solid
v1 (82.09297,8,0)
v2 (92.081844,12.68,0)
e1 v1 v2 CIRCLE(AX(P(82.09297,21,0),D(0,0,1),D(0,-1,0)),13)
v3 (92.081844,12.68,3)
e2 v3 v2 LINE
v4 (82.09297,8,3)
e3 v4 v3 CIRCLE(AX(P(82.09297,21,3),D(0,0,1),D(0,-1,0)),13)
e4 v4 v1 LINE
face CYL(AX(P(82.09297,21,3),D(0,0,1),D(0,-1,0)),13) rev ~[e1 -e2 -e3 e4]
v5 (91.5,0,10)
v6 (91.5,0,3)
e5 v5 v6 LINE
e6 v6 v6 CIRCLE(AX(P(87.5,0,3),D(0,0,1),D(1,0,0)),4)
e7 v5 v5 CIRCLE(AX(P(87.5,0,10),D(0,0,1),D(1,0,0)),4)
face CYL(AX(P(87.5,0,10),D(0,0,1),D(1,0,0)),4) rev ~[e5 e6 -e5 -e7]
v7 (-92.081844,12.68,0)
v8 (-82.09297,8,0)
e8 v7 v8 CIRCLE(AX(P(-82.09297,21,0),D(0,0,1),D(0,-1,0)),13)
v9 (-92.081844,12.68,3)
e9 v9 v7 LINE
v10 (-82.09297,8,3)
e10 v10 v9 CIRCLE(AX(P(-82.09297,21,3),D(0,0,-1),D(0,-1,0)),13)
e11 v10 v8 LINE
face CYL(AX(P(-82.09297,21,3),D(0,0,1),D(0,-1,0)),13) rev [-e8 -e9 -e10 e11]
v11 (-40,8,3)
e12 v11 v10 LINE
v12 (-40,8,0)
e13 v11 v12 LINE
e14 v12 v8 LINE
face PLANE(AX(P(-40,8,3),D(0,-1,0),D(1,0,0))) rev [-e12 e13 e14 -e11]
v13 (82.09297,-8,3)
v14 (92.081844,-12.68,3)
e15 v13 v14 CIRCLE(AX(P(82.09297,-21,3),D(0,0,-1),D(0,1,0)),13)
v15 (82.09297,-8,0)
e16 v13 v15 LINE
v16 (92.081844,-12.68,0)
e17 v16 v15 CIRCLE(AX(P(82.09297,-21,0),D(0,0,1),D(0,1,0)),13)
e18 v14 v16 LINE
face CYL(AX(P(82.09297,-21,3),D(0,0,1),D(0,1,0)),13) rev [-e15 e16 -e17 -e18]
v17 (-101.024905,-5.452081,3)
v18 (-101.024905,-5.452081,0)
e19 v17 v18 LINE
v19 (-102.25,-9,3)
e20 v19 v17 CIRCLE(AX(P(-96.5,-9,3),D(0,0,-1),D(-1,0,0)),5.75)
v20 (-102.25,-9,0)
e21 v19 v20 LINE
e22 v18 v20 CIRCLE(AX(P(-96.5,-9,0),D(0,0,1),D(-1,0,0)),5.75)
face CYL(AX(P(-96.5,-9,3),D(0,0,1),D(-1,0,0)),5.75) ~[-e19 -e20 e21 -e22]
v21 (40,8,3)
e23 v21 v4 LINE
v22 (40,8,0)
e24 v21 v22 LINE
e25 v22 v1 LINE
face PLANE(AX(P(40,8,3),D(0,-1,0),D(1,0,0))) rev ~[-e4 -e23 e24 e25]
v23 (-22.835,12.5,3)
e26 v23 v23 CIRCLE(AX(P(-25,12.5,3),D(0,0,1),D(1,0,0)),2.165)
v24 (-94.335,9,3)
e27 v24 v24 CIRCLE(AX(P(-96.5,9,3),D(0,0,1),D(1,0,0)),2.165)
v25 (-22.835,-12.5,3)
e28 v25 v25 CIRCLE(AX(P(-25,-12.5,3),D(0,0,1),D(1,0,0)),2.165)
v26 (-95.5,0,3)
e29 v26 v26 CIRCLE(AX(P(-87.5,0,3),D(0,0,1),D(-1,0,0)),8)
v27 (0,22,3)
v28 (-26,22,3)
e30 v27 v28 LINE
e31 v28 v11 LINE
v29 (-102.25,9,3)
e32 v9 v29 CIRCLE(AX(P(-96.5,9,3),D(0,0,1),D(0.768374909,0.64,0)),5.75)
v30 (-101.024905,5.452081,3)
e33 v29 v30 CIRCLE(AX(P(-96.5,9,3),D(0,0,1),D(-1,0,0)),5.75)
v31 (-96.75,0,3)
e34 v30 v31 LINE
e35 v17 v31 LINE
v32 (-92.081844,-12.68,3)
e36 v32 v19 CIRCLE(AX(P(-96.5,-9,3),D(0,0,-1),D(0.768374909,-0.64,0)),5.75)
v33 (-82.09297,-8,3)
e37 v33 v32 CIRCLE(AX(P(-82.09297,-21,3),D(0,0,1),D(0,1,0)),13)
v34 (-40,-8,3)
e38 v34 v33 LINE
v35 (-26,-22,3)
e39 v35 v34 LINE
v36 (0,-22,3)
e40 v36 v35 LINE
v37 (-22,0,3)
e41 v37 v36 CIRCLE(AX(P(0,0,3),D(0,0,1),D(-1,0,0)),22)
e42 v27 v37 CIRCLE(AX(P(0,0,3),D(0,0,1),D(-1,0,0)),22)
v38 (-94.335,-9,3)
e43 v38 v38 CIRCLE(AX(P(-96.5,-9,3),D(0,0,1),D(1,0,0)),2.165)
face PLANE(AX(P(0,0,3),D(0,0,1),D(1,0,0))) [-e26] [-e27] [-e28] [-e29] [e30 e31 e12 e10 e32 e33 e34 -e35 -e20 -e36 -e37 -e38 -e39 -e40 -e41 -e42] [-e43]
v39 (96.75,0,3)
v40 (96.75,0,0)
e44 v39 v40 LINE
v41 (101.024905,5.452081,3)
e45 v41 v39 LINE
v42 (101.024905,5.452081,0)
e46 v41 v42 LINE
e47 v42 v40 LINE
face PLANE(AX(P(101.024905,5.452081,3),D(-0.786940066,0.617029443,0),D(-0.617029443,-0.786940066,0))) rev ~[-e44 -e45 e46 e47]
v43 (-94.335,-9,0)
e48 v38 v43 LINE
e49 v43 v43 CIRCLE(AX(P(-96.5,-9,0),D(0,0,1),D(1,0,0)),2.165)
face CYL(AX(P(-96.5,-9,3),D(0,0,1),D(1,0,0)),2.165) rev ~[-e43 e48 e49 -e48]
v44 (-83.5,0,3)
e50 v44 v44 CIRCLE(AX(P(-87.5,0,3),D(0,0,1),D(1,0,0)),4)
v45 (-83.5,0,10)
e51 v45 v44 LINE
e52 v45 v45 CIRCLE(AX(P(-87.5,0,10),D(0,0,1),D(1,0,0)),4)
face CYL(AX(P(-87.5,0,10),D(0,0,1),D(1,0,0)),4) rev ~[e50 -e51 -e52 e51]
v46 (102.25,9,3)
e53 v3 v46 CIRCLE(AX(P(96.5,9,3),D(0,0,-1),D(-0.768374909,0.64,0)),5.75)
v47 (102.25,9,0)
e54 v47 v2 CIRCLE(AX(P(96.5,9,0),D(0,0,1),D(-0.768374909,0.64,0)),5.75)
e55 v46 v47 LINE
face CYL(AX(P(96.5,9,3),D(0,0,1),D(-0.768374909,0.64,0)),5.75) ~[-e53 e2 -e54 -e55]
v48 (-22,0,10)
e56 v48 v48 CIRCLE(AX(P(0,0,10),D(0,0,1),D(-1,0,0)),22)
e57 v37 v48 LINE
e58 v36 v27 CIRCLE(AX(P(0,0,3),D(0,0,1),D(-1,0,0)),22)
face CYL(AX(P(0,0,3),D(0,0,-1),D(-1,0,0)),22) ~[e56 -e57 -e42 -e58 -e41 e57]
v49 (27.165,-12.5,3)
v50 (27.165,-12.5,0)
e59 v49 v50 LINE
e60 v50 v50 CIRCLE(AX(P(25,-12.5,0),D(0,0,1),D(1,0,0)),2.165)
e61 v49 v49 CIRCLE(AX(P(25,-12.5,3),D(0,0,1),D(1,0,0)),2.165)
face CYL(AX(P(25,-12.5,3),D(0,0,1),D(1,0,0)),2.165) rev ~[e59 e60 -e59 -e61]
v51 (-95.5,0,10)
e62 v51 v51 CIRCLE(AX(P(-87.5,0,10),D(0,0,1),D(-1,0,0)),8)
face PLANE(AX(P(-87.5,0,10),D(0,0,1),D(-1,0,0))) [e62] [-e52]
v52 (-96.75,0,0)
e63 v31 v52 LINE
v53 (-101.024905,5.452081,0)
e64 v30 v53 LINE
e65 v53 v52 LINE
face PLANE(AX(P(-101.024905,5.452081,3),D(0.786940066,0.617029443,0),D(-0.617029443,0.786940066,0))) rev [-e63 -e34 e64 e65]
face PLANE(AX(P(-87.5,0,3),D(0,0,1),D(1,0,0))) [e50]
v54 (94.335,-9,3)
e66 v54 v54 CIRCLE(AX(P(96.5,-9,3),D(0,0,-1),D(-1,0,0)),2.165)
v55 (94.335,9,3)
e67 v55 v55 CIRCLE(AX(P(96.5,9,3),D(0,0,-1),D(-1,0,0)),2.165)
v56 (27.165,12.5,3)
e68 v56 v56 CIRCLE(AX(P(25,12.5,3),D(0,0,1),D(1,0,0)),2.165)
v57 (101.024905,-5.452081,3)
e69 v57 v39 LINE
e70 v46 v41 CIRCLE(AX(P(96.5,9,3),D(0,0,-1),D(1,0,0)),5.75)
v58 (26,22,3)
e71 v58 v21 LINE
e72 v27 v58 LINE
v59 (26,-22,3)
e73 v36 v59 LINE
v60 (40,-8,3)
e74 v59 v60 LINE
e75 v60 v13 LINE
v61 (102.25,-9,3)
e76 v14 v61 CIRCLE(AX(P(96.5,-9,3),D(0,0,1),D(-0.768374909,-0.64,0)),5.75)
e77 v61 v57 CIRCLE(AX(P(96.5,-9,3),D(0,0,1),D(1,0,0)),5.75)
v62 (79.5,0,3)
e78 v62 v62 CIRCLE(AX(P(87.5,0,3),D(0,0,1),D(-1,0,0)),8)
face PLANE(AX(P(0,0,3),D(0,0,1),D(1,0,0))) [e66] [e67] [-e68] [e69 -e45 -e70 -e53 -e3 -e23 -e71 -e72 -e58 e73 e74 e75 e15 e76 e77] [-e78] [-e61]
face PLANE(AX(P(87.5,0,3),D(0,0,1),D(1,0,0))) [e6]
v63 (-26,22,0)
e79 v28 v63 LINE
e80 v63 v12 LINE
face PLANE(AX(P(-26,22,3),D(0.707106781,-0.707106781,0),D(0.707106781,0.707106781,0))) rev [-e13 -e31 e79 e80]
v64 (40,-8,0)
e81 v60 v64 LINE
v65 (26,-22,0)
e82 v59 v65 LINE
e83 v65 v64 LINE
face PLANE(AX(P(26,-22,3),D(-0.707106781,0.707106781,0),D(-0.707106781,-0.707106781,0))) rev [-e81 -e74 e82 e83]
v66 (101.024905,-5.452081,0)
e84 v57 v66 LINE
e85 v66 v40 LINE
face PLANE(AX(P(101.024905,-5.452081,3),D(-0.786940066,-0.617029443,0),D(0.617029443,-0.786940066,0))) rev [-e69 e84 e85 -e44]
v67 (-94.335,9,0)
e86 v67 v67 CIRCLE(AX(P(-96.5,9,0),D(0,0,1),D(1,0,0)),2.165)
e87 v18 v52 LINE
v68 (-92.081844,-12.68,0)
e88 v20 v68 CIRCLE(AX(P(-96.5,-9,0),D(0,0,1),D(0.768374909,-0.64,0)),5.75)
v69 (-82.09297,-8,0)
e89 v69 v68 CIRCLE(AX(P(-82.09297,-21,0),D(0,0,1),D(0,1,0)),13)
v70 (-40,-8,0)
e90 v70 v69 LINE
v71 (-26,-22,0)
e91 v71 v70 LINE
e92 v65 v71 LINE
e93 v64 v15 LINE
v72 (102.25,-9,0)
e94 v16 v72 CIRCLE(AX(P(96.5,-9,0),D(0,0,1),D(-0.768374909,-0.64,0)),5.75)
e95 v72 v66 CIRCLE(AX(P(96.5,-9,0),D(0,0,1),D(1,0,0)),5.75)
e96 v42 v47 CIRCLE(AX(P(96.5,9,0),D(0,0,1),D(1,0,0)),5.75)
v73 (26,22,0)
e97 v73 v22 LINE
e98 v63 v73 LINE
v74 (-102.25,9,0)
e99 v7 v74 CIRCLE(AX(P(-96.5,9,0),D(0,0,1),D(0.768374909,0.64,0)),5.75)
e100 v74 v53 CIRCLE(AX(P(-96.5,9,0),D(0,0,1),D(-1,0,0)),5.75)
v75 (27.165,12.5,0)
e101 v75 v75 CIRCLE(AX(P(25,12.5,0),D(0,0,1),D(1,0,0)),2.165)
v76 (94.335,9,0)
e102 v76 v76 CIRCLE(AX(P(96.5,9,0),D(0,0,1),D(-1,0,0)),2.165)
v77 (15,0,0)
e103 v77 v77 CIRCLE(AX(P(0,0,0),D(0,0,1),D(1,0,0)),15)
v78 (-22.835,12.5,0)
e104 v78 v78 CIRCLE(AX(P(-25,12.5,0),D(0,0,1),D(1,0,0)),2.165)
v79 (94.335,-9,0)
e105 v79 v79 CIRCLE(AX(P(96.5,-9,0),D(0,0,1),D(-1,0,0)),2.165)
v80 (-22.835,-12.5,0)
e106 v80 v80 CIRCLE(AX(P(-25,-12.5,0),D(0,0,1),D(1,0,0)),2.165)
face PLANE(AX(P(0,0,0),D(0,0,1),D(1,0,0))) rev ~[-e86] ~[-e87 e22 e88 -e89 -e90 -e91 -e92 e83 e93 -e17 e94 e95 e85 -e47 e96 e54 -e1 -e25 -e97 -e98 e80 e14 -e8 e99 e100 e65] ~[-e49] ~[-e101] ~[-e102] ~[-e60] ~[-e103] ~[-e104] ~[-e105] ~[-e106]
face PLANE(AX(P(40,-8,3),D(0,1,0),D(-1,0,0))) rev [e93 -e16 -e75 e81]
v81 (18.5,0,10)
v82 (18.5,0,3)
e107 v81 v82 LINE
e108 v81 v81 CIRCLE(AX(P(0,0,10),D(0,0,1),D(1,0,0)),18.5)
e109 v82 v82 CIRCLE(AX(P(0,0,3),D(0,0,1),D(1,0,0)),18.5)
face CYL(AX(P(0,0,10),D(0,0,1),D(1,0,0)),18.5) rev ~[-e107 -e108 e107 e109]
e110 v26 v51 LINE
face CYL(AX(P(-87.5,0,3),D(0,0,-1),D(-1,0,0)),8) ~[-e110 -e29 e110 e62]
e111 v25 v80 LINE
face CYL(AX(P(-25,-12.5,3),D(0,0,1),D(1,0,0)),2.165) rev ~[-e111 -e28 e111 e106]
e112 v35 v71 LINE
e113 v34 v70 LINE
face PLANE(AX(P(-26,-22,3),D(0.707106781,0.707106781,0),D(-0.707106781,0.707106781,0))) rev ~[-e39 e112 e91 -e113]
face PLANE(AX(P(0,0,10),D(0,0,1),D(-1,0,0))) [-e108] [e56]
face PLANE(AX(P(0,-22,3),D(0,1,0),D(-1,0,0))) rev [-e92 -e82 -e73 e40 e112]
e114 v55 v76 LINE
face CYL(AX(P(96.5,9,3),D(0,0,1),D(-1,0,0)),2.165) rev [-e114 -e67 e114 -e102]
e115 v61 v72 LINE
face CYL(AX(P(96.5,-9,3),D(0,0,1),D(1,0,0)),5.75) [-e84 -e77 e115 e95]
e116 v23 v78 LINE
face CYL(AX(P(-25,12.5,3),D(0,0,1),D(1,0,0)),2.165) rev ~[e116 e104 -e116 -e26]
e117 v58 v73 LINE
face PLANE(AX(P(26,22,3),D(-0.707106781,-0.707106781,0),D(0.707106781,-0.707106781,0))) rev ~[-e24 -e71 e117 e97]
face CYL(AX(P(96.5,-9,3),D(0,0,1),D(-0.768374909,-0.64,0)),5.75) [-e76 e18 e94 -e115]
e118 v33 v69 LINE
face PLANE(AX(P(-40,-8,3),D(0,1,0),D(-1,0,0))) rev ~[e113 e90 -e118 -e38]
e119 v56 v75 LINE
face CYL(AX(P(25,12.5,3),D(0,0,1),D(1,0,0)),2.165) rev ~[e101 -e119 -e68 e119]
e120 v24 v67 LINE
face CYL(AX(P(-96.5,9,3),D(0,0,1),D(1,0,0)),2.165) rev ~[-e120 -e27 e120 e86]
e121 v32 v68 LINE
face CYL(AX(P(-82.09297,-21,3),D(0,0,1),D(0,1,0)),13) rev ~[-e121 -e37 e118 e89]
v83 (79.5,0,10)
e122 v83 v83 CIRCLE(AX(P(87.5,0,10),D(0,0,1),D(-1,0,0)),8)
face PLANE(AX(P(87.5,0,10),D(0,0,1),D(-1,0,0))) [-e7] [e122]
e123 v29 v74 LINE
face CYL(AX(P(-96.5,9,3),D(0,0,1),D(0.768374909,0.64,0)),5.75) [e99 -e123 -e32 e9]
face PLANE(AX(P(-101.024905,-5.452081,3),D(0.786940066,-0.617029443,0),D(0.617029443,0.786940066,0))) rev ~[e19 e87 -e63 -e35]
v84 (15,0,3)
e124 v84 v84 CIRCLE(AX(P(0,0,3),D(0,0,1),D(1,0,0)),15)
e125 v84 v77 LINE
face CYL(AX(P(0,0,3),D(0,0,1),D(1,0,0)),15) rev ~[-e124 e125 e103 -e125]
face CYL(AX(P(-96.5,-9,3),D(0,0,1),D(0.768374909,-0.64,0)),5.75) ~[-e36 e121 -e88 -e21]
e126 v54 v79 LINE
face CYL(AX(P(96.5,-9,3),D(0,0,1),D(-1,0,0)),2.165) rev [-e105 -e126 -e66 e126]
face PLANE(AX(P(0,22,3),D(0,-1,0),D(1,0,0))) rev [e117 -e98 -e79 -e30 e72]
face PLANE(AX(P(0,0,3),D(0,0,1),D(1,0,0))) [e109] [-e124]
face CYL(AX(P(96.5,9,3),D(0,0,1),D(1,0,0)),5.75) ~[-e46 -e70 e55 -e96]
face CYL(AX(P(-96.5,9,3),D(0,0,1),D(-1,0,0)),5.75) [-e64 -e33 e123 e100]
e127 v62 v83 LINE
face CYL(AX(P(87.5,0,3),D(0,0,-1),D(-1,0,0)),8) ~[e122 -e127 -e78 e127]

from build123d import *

# Parameters (mm, degrees)
SKETCH1_W               = 204.5
SKETCH1_H               = 62.5
BOSS_EXTRUDE1_DEPTH     = 3
SKETCH2_R               = 8
BOSS_EXTRUDE2_DEPTH     = 7
SKETCH3_R               = 22
BOSS_EXTRUDE3_DEPTH     = 7
SKETCH4_R               = 2.165
CUT_EXTRUDE1_DEPTH      = 108.147678463
CUT_EXTRUDE3_DEPTH      = 7
MIRROR2_COPY_1_SKETCH_R = 2.165
MIRROR2_COPY_1_DEPTH    = 108.147678463
MIRROR2_COPY_2_DEPTH    = 7
MIRROR2_COPY_3_SKETCH_R = 2.165
MIRROR2_COPY_3_DEPTH    = 108.147678463
SKETCH7_R               = 18.5
CUT_EXTRUDE4_DEPTH      = 7
SKETCH11_R              = 4
CUT_EXTRUDE7_DEPTH      = 7
SKETCH12_R              = 15
CUT_EXTRUDE8_DEPTH      = 105.82395957
SKETCH13_R              = 2.165
CUT_EXTRUDE9_DEPTH      = 105.82395957


with BuildPart() as part:
    # Sketch1 → Boss-Extrude1 (new body)
    with BuildSketch(Plane.XY):
        Rectangle(SKETCH1_W, SKETCH1_H)
    extrude(amount=BOSS_EXTRUDE1_DEPTH)

    # Sketch2 → Boss-Extrude2 (add)
    with BuildSketch(Plane.XY.offset(3)):
        with Locations(Location((-87.5, 0, 0), (0, 0, 180))):
            Circle(SKETCH2_R)
        with Locations(Location((87.5, 0, 0), (0, 0, 180))):
            Circle(SKETCH2_R)
    extrude(amount=BOSS_EXTRUDE2_DEPTH)

    # Sketch3 → Boss-Extrude3 (add)
    with BuildSketch(Plane.XY.offset(3)):
        with Locations(Location((0, 0, 0), (0, 0, 180))):
            Circle(SKETCH3_R)
    extrude(amount=BOSS_EXTRUDE3_DEPTH)

    # Sketch4 → Cut-Extrude1 (cut, through all)
    with BuildSketch(Plane.XY.offset(3)):
        with Locations((-96.5, 9)):
            Circle(SKETCH4_R)
        with Locations((-96.5, -9)):
            Circle(SKETCH4_R)
    cut_extrude1 = extrude(amount=-CUT_EXTRUDE1_DEPTH, mode=Mode.SUBTRACT)

    # Sketch6 → Cut-Extrude3 (cut)
    with BuildSketch(Plane.XY.offset(3)):
        with BuildLine():
            Line((-102.25, 0), (-102.25, -9))
            ThreePointArc((-102.25, -9), (-101.935103767, -7.123261595), (-101.024905378, -5.452080705))
            Line((-101.024905378, -5.452080705), (-96.75, 0))
            Line((-96.75, 0), (-102.25, 0))
        make_face()
        with BuildLine():
            Line((-40, -8), (-82.092970466, -8))
            ThreePointArc((-82.092970466, -8), (-87.608403359, -9.22799932), (-92.081844276, -12.68))
            ThreePointArc((-92.081844276, -12.68), (-98.456796437, -14.406796437), (-102.25, -9))
            Line((-102.25, -9), (-102.25, -31.25))
            Line((-102.25, -31.25), (0, -31.25))
            Line((0, -31.25), (0, -22))
            Line((0, -22), (-26, -22))
            Line((-26, -22), (-40, -8))
        make_face()
    cut_extrude3 = extrude(amount=-CUT_EXTRUDE3_DEPTH, mode=Mode.SUBTRACT)

    # Mirror1: Cut-Extrude1, Cut-Extrude3 across plane
    add(cut_extrude1.mirror(Plane(origin=(0, 0, 0), x_dir=(0, 0, 1), z_dir=(1, 0, 0))), mode=Mode.SUBTRACT)
    add(cut_extrude3.mirror(Plane(origin=(0, 0, 0), x_dir=(0, 0, 1), z_dir=(1, 0, 0))), mode=Mode.SUBTRACT)

    # Mirror2: Cut-Extrude3 across plane
    add(cut_extrude3.mirror(Plane.ZX), mode=Mode.SUBTRACT)

    # Mirror2 copy 1 sketch → Mirror2 copy 1 (cut, through all)
    with BuildSketch(Plane(origin=(0, 0, 3), x_dir=(-1, 0, 0), z_dir=(0, 0, 1))):
        with Locations((-96.5, 9)):
            Circle(MIRROR2_COPY_1_SKETCH_R)
        with Locations((-96.5, -9)):
            Circle(MIRROR2_COPY_1_SKETCH_R)
    extrude(amount=-MIRROR2_COPY_1_DEPTH, mode=Mode.SUBTRACT)

    # Mirror2 copy 2 sketch → Mirror2 copy 2 (cut)
    with BuildSketch(Plane(origin=(0, 0, 3), x_dir=(-1, 0, 0), z_dir=(0, 0, 1))):
        with BuildLine():
            Line((-102.25, 0), (-102.25, -9))
            ThreePointArc((-102.25, -9), (-101.935103767, -7.123261595), (-101.024905378, -5.452080705))
            Line((-101.024905378, -5.452080705), (-96.75, 0))
            Line((-96.75, 0), (-102.25, 0))
        make_face()
        with BuildLine():
            Line((-40, -8), (-82.092970466, -8))
            ThreePointArc((-82.092970466, -8), (-87.608403359, -9.22799932), (-92.081844276, -12.68))
            ThreePointArc((-92.081844276, -12.68), (-98.456796437, -14.406796437), (-102.25, -9))
            Line((-102.25, -9), (-102.25, -31.25))
            Line((-102.25, -31.25), (0, -31.25))
            Line((0, -31.25), (0, -22))
            Line((0, -22), (-26, -22))
            Line((-26, -22), (-40, -8))
        make_face()
    extrude(amount=-MIRROR2_COPY_2_DEPTH, mode=Mode.SUBTRACT)

    # Mirror2 copy 3 sketch → Mirror2 copy 3 (cut, through all)
    with BuildSketch(Plane.XY.offset(3)):
        with Locations((-96.5, -9)):
            Circle(MIRROR2_COPY_3_SKETCH_R)
        with Locations((-96.5, 9)):
            Circle(MIRROR2_COPY_3_SKETCH_R)
    extrude(amount=-MIRROR2_COPY_3_DEPTH, mode=Mode.SUBTRACT)

    # Sketch7 → Cut-Extrude4 (cut)
    with BuildSketch(Plane.XY.offset(10)):
        Circle(SKETCH7_R)
    extrude(amount=-CUT_EXTRUDE4_DEPTH, mode=Mode.SUBTRACT)

    # Sketch11 → Cut-Extrude7 (cut)
    with BuildSketch(Plane.XY.offset(10)):
        with Locations((-87.5, 0)):
            Circle(SKETCH11_R)
        with Locations((87.5, 0)):
            Circle(SKETCH11_R)
    extrude(amount=-CUT_EXTRUDE7_DEPTH, mode=Mode.SUBTRACT)

    # Sketch12 → Cut-Extrude8 (cut, through all)
    with BuildSketch(Plane.XY.offset(3)):
        Circle(SKETCH12_R)
    extrude(amount=-CUT_EXTRUDE8_DEPTH, mode=Mode.SUBTRACT)

    # Sketch13 → Cut-Extrude9 (cut, through all)
    with BuildSketch(Plane.XY.offset(3)):
        with Locations((-25, 12.5)):
            Circle(SKETCH13_R)
        with Locations((-25, -12.5)):
            Circle(SKETCH13_R)
        with Locations((25, -12.5)):
            Circle(SKETCH13_R)
        with Locations((25, 12.5)):
            Circle(SKETCH13_R)
    extrude(amount=-CUT_EXTRUDE9_DEPTH, mode=Mode.SUBTRACT)


solid = part.part
